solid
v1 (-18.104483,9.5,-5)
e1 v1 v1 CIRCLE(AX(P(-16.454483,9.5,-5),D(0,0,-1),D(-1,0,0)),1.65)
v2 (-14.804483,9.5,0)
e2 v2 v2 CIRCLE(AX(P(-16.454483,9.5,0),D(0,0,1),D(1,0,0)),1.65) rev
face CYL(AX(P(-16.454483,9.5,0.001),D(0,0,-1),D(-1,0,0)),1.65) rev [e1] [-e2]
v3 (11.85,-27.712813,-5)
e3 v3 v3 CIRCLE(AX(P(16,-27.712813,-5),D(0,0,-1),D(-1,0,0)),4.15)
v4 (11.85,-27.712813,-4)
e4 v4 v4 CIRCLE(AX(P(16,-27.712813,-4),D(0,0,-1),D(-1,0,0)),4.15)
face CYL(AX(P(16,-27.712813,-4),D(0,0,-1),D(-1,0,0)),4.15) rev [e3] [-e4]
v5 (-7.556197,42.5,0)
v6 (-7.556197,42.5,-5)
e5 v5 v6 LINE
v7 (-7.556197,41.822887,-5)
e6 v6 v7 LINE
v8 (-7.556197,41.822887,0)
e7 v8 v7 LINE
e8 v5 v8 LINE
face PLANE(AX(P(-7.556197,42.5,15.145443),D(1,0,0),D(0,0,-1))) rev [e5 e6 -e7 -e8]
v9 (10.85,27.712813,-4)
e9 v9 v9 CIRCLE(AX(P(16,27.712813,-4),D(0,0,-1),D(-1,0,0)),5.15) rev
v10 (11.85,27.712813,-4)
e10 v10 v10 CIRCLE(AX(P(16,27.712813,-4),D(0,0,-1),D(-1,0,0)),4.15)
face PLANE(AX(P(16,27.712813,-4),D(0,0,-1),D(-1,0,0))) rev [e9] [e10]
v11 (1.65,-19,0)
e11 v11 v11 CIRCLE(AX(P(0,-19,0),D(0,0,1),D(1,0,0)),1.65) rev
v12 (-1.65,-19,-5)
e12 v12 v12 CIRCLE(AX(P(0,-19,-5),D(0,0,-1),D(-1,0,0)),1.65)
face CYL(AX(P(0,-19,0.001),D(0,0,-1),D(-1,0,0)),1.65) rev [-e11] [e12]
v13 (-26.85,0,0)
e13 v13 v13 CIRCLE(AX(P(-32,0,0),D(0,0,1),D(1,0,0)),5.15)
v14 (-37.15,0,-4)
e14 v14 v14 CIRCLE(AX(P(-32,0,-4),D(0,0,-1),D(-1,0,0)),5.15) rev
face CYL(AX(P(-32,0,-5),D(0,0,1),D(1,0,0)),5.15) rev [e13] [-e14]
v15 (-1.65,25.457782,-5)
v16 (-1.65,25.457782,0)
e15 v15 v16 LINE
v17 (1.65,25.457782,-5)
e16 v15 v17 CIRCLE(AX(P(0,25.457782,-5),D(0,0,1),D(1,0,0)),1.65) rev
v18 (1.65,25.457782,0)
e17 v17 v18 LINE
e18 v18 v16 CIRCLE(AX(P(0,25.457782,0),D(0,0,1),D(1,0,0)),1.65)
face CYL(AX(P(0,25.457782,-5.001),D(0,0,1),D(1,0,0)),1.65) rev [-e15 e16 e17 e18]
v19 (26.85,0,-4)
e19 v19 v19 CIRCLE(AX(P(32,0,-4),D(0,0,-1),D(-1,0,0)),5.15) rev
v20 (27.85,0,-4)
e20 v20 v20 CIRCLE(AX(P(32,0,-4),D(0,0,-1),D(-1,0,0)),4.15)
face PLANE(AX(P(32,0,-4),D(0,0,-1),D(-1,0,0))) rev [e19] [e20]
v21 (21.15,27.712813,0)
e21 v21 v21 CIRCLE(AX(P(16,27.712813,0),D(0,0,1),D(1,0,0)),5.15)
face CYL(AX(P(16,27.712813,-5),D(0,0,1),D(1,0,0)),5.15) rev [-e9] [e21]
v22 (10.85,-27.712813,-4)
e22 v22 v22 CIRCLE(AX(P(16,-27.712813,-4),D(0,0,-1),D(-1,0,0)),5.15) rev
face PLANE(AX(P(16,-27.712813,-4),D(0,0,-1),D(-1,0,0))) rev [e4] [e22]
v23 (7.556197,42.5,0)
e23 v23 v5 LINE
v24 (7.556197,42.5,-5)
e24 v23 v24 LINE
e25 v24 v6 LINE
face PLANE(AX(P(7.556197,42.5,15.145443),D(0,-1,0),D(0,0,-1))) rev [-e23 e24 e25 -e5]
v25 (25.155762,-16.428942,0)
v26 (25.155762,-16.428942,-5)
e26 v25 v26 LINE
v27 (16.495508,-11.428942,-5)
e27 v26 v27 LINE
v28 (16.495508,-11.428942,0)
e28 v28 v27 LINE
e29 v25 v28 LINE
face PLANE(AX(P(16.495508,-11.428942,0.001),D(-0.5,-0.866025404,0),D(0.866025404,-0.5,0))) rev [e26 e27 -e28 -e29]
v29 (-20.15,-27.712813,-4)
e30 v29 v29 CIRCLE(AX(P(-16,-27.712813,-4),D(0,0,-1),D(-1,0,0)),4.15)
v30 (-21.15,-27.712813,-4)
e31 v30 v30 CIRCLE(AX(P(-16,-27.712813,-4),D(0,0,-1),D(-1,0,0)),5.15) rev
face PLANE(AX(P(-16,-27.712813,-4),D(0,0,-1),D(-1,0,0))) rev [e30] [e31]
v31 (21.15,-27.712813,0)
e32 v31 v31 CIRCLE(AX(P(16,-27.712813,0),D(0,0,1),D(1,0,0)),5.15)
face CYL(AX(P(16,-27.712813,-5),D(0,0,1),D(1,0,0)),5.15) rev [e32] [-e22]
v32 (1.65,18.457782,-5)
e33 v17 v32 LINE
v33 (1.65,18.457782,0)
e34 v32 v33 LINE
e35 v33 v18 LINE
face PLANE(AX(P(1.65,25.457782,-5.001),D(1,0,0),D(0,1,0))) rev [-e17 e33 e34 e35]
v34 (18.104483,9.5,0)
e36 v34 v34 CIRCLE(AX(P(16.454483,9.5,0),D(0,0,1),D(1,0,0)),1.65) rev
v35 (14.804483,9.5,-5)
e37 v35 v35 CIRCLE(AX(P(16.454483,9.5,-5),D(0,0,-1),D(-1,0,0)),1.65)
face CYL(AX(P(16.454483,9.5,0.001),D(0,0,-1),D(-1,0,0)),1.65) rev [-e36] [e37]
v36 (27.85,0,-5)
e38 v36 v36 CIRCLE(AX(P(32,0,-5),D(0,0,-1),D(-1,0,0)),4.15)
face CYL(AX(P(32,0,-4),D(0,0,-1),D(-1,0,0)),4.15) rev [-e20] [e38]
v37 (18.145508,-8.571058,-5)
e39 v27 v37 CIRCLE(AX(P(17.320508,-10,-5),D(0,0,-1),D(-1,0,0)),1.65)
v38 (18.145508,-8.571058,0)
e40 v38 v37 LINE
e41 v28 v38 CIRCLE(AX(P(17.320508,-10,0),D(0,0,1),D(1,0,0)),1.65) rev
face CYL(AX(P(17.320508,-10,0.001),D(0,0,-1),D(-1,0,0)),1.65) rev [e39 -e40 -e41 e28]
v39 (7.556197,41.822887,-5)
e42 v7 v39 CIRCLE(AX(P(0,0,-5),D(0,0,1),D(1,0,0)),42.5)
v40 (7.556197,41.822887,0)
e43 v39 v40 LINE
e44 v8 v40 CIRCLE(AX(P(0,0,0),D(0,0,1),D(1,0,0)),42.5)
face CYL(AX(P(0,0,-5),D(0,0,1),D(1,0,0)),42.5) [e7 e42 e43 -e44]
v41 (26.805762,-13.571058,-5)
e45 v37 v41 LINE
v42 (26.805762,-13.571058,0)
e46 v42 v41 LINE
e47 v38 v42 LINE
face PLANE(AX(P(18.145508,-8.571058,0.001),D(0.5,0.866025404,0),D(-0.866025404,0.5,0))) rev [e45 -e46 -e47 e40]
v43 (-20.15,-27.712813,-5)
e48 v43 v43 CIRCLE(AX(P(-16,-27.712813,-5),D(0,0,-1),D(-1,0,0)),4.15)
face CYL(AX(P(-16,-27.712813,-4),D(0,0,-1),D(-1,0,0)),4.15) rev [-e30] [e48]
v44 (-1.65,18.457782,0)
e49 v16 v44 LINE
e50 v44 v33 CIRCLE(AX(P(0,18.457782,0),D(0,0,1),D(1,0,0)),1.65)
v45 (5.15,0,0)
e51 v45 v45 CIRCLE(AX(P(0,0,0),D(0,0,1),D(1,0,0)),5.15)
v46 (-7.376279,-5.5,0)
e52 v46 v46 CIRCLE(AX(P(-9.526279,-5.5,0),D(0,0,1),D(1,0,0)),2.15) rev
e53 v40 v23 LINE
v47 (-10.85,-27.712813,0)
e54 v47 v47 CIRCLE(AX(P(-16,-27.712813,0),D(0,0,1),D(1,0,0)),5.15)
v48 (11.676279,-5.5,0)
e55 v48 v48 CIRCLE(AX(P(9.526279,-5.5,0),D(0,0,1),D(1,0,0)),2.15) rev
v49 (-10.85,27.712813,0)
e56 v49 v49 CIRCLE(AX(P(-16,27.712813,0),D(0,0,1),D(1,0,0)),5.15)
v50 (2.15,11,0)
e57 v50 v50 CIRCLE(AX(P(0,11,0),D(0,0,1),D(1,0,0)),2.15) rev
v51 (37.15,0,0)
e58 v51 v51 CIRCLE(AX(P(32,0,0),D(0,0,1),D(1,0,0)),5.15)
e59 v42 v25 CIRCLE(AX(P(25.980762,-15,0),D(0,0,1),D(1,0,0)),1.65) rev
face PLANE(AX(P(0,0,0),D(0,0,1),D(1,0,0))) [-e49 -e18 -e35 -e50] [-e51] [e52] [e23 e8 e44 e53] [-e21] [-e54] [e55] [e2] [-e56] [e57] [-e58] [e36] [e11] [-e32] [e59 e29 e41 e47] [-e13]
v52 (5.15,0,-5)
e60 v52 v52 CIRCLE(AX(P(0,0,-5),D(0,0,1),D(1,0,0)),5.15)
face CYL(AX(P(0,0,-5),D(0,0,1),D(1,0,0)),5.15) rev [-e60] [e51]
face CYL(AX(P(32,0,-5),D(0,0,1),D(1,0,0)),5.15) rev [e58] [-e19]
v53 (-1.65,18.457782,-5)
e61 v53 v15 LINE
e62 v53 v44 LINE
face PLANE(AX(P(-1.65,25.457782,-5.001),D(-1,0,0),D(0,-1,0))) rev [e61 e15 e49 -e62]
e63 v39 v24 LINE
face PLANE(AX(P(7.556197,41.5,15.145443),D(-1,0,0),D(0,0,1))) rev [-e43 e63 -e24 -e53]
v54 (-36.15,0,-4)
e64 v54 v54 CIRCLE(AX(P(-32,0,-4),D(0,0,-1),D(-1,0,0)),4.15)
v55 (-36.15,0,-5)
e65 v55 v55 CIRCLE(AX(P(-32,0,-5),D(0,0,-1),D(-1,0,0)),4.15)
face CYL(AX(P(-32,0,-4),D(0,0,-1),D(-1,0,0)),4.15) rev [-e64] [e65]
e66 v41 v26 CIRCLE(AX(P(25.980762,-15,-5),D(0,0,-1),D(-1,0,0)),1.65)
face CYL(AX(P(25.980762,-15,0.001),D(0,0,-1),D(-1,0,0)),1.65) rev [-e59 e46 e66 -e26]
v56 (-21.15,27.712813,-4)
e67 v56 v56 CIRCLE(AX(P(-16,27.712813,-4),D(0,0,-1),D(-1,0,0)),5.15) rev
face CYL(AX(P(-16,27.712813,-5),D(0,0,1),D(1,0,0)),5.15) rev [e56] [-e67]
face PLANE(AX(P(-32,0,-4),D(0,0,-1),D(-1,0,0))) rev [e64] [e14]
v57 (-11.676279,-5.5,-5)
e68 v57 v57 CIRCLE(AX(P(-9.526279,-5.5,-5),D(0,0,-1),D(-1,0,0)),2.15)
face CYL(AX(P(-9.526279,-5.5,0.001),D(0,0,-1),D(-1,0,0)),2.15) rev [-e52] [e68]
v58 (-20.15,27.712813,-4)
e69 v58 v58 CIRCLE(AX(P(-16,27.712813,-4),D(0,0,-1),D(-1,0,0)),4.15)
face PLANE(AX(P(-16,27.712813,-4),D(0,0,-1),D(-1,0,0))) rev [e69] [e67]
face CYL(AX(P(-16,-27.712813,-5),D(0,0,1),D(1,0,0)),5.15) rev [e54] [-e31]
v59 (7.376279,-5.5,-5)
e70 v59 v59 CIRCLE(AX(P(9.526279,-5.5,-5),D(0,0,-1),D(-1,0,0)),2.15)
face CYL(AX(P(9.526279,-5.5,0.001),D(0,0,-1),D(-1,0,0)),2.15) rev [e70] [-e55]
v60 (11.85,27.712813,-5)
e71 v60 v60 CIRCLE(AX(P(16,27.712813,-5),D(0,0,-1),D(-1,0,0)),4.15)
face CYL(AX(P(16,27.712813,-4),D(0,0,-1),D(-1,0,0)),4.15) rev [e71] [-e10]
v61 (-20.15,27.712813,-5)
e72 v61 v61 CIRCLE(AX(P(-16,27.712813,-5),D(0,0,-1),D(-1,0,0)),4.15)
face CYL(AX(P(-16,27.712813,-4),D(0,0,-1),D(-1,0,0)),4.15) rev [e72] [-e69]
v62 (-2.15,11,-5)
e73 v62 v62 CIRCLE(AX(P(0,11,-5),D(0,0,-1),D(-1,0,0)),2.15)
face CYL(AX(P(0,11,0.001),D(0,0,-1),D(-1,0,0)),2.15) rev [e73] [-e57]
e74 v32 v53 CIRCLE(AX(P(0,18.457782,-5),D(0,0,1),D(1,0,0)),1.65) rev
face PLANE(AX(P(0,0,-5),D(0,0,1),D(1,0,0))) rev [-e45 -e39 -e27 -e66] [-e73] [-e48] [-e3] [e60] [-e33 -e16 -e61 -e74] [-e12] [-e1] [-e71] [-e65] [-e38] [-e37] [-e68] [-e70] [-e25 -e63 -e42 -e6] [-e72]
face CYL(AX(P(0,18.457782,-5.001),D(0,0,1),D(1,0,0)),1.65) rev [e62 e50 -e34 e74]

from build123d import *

# Parameters (mm, degrees)
SKETCH_1_R          = 42.5
EXTRUDE_1_DEPTH     = 5
SKETCH_2_R          = 5.15
CUT_EXTRUDE_1_DEPTH = 61.311690409
SKETCH_3_R          = 5.15
CUT_EXTRUDE_2_DEPTH = 61.311690409
EXTRUDE_START       = -1
SKETCH_4_R          = 5.15
SKETCH_4_R_2        = 4.15
EXTRUDE_1_2_DEPTH   = 1
CUT_EXTRUDE_3_REACH = 62.312
SKETCH_5_R          = 1.65
CUT_EXTRUDE_4_REACH = 62.312
CUT_EXTRUDE_6_REACH = 62.312
SKETCH_10_R         = 2.15
CUT_EXTRUDE_7_REACH = 62.312
SKETCH_17_W         = 15.112394154
SKETCH_17_H         = 1
EXTRUDE_6_DEPTH     = 5


with BuildPart() as part:
    # 草图1 → Extrude 1 (new body)
    with BuildSketch(Plane.XY):
        Circle(SKETCH_1_R)
    extrude(amount=-EXTRUDE_1_DEPTH)

    # 草图2 → 切除-拉伸1 (cut, through all)
    with BuildSketch(Plane.XY):
        with Locations((-32, 0)):
            Circle(SKETCH_2_R)
        with Locations((-16, 27.712812921)):
            Circle(SKETCH_2_R)
        with Locations((16, 27.712812921)):
            Circle(SKETCH_2_R)
        with Locations((32, 0)):
            Circle(SKETCH_2_R)
        with Locations((16, -27.712812921)):
            Circle(SKETCH_2_R)
        with Locations((-16, -27.712812921)):
            Circle(SKETCH_2_R)
    extrude(amount=-CUT_EXTRUDE_1_DEPTH, mode=Mode.SUBTRACT)

    # 草图3 → 切除-拉伸2 (cut, through all)
    with BuildSketch(Plane.XY):
        Circle(SKETCH_3_R)
    extrude(amount=-CUT_EXTRUDE_2_DEPTH, mode=Mode.SUBTRACT)

    # 草图4 → Extrude 1 2 (add)
    # profile 1 of 6: a face of its own
    with BuildSketch(Plane(origin=(0, 0, -5), x_dir=(-1, 0, 0), z_dir=(0, 0, -1)).offset(EXTRUDE_START)):
        with Locations((-16, 27.712812921)):
            Circle(SKETCH_4_R)
        with Locations((-16, 27.712812921)):
            Circle(SKETCH_4_R_2, mode=Mode.SUBTRACT)
    # profile 2 of 6: a face of its own
    with BuildSketch(Plane(origin=(0, 0, -5), x_dir=(-1, 0, 0), z_dir=(0, 0, -1)).offset(EXTRUDE_START)):
        with Locations((16, 27.712812921)):
            Circle(SKETCH_4_R)
        with Locations((16, 27.712812921)):
            Circle(SKETCH_4_R_2, mode=Mode.SUBTRACT)
    # profile 3 of 6: a face of its own
    with BuildSketch(Plane(origin=(0, 0, -5), x_dir=(-1, 0, 0), z_dir=(0, 0, -1)).offset(EXTRUDE_START)):
        with Locations((32, 0)):
            Circle(SKETCH_4_R)
        with Locations((32, 0)):
            Circle(SKETCH_4_R_2, mode=Mode.SUBTRACT)
    # profile 4 of 6: a face of its own
    with BuildSketch(Plane(origin=(0, 0, -5), x_dir=(-1, 0, 0), z_dir=(0, 0, -1)).offset(EXTRUDE_START)):
        with Locations((16, -27.712812921)):
            Circle(SKETCH_4_R)
        with Locations((16, -27.712812921)):
            Circle(SKETCH_4_R_2, mode=Mode.SUBTRACT)
    # profile 5 of 6: a face of its own
    with BuildSketch(Plane(origin=(0, 0, -5), x_dir=(-1, 0, 0), z_dir=(0, 0, -1)).offset(EXTRUDE_START)):
        with Locations((-16, -27.712812921)):
            Circle(SKETCH_4_R)
        with Locations((-16, -27.712812921)):
            Circle(SKETCH_4_R_2, mode=Mode.SUBTRACT)
    # profile 6 of 6: a face of its own
    with BuildSketch(Plane(origin=(0, 0, -5), x_dir=(-1, 0, 0), z_dir=(0, 0, -1)).offset(EXTRUDE_START)):
        with Locations((-32, 0)):
            Circle(SKETCH_4_R)
        with Locations((-32, 0)):
            Circle(SKETCH_4_R_2, mode=Mode.SUBTRACT)
    extrude(amount=EXTRUDE_1_2_DEPTH)

    # 草图5 → 切除-拉伸3 (cut, up to next)
    with BuildSketch(Plane(origin=(0, 0, -5), x_dir=(-1, 0, 0), z_dir=(0, 0, -1)), mode=Mode.PRIVATE) as cut_extrude_3_sk1:
        with Locations((-16.454482672, 9.5)):
            Circle(SKETCH_5_R)
    cut_extrude_3_tool1 = extrude(cut_extrude_3_sk1.sketch, amount=-CUT_EXTRUDE_3_REACH, mode=Mode.PRIVATE) & part.part
    # 草图5 → 切除-拉伸3 (cut, up to next)
    with BuildSketch(Plane(origin=(0, 0, -5), x_dir=(-1, 0, 0), z_dir=(0, 0, -1)), mode=Mode.PRIVATE) as cut_extrude_3_sk2:
        with Locations((16.454482672, 9.5)):
            Circle(SKETCH_5_R)
    cut_extrude_3_tool2 = extrude(cut_extrude_3_sk2.sketch, amount=-CUT_EXTRUDE_3_REACH, mode=Mode.PRIVATE) & part.part
    # 草图5 → 切除-拉伸3 (cut, up to next)
    with BuildSketch(Plane(origin=(0, 0, -5), x_dir=(-1, 0, 0), z_dir=(0, 0, -1)), mode=Mode.PRIVATE) as cut_extrude_3_sk3:
        with Locations((0, -19)):
            Circle(SKETCH_5_R)
    cut_extrude_3_tool3 = extrude(cut_extrude_3_sk3.sketch, amount=-CUT_EXTRUDE_3_REACH, mode=Mode.PRIVATE) & part.part
    add(cut_extrude_3_tool1.solids().sort_by_distance((16.454483, 9.5, -5))[0], mode=Mode.SUBTRACT)
    add(cut_extrude_3_tool2.solids().sort_by_distance((-16.454483, 9.5, -5))[0], mode=Mode.SUBTRACT)
    add(cut_extrude_3_tool3.solids().sort_by_distance((0, -19, -5))[0], mode=Mode.SUBTRACT)

    # 草图7 → 切除-拉伸4 (cut, up to next)
    with BuildSketch(Plane(origin=(0, 0, -5), x_dir=(-1, 0, 0), z_dir=(0, 0, -1)), mode=Mode.PRIVATE) as cut_extrude_4_sk1:
        with BuildLine():
            Line((-16.495508076, -11.428941916), (-25.155762114, -16.428941916))
            ThreePointArc((-25.155762114, -16.428941916), (-27.40970403, -15.825), (-26.805762114, -13.571058084))
            Line((-26.805762114, -13.571058084), (-18.145508076, -8.571058084))
            ThreePointArc((-18.145508076, -8.571058084), (-15.891566159, -9.175), (-16.495508076, -11.428941916))
        make_face()
    cut_extrude_4_tool1 = extrude(cut_extrude_4_sk1.sketch, amount=-CUT_EXTRUDE_4_REACH, mode=Mode.PRIVATE) & part.part
    add(cut_extrude_4_tool1.solids().sort_by_distance((21.650635, -12.5, -5))[0], mode=Mode.SUBTRACT)

    # 草图10 → 切除-拉伸6 (cut, up to next)
    with BuildSketch(Plane(origin=(0, 0, -5), x_dir=(-1, 0, 0), z_dir=(0, 0, -1)), mode=Mode.PRIVATE) as cut_extrude_6_sk1:
        with Locations((-9.526279442, -5.5)):
            Circle(SKETCH_10_R)
    cut_extrude_6_tool1 = extrude(cut_extrude_6_sk1.sketch, amount=-CUT_EXTRUDE_6_REACH, mode=Mode.PRIVATE) & part.part
    # 草图10 → 切除-拉伸6 (cut, up to next)
    with BuildSketch(Plane(origin=(0, 0, -5), x_dir=(-1, 0, 0), z_dir=(0, 0, -1)), mode=Mode.PRIVATE) as cut_extrude_6_sk2:
        with Locations((0, 11)):
            Circle(SKETCH_10_R)
    cut_extrude_6_tool2 = extrude(cut_extrude_6_sk2.sketch, amount=-CUT_EXTRUDE_6_REACH, mode=Mode.PRIVATE) & part.part
    # 草图10 → 切除-拉伸6 (cut, up to next)
    with BuildSketch(Plane(origin=(0, 0, -5), x_dir=(-1, 0, 0), z_dir=(0, 0, -1)), mode=Mode.PRIVATE) as cut_extrude_6_sk3:
        with Locations((9.526279442, -5.5)):
            Circle(SKETCH_10_R)
    cut_extrude_6_tool3 = extrude(cut_extrude_6_sk3.sketch, amount=-CUT_EXTRUDE_6_REACH, mode=Mode.PRIVATE) & part.part
    add(cut_extrude_6_tool1.solids().sort_by_distance((9.526279, -5.5, -5))[0], mode=Mode.SUBTRACT)
    add(cut_extrude_6_tool2.solids().sort_by_distance((0, 11, -5))[0], mode=Mode.SUBTRACT)
    add(cut_extrude_6_tool3.solids().sort_by_distance((-9.526279, -5.5, -5))[0], mode=Mode.SUBTRACT)

    # 草图11 → 切除-拉伸7 (cut, up to next)
    with BuildSketch(Plane.XY, mode=Mode.PRIVATE) as cut_extrude_7_sk1:
        with BuildLine():
            Line((1.65, 25.457782029), (1.65, 18.457782029))
            ThreePointArc((1.65, 18.457782029), (0, 16.807782029), (-1.65, 18.457782029))
            Line((-1.65, 18.457782029), (-1.65, 25.457782029))
            ThreePointArc((-1.65, 25.457782029), (0, 27.107782029), (1.65, 25.457782029))
        make_face()
    cut_extrude_7_tool1 = extrude(cut_extrude_7_sk1.sketch, amount=-CUT_EXTRUDE_7_REACH, mode=Mode.PRIVATE) & part.part
    add(cut_extrude_7_tool1.solids().sort_by_distance((0, 21.957782, 0))[0], mode=Mode.SUBTRACT)

    # 草图17 → 拉伸-薄壁6 (add)
    with BuildSketch(Plane(origin=(0, 0, -5), x_dir=(-1, 0, 0), z_dir=(0, 0, -1))):
        with Locations((0, 42)):
            Rectangle(SKETCH_17_W, SKETCH_17_H)
    extrude(amount=-EXTRUDE_6_DEPTH)


solid = part.part
